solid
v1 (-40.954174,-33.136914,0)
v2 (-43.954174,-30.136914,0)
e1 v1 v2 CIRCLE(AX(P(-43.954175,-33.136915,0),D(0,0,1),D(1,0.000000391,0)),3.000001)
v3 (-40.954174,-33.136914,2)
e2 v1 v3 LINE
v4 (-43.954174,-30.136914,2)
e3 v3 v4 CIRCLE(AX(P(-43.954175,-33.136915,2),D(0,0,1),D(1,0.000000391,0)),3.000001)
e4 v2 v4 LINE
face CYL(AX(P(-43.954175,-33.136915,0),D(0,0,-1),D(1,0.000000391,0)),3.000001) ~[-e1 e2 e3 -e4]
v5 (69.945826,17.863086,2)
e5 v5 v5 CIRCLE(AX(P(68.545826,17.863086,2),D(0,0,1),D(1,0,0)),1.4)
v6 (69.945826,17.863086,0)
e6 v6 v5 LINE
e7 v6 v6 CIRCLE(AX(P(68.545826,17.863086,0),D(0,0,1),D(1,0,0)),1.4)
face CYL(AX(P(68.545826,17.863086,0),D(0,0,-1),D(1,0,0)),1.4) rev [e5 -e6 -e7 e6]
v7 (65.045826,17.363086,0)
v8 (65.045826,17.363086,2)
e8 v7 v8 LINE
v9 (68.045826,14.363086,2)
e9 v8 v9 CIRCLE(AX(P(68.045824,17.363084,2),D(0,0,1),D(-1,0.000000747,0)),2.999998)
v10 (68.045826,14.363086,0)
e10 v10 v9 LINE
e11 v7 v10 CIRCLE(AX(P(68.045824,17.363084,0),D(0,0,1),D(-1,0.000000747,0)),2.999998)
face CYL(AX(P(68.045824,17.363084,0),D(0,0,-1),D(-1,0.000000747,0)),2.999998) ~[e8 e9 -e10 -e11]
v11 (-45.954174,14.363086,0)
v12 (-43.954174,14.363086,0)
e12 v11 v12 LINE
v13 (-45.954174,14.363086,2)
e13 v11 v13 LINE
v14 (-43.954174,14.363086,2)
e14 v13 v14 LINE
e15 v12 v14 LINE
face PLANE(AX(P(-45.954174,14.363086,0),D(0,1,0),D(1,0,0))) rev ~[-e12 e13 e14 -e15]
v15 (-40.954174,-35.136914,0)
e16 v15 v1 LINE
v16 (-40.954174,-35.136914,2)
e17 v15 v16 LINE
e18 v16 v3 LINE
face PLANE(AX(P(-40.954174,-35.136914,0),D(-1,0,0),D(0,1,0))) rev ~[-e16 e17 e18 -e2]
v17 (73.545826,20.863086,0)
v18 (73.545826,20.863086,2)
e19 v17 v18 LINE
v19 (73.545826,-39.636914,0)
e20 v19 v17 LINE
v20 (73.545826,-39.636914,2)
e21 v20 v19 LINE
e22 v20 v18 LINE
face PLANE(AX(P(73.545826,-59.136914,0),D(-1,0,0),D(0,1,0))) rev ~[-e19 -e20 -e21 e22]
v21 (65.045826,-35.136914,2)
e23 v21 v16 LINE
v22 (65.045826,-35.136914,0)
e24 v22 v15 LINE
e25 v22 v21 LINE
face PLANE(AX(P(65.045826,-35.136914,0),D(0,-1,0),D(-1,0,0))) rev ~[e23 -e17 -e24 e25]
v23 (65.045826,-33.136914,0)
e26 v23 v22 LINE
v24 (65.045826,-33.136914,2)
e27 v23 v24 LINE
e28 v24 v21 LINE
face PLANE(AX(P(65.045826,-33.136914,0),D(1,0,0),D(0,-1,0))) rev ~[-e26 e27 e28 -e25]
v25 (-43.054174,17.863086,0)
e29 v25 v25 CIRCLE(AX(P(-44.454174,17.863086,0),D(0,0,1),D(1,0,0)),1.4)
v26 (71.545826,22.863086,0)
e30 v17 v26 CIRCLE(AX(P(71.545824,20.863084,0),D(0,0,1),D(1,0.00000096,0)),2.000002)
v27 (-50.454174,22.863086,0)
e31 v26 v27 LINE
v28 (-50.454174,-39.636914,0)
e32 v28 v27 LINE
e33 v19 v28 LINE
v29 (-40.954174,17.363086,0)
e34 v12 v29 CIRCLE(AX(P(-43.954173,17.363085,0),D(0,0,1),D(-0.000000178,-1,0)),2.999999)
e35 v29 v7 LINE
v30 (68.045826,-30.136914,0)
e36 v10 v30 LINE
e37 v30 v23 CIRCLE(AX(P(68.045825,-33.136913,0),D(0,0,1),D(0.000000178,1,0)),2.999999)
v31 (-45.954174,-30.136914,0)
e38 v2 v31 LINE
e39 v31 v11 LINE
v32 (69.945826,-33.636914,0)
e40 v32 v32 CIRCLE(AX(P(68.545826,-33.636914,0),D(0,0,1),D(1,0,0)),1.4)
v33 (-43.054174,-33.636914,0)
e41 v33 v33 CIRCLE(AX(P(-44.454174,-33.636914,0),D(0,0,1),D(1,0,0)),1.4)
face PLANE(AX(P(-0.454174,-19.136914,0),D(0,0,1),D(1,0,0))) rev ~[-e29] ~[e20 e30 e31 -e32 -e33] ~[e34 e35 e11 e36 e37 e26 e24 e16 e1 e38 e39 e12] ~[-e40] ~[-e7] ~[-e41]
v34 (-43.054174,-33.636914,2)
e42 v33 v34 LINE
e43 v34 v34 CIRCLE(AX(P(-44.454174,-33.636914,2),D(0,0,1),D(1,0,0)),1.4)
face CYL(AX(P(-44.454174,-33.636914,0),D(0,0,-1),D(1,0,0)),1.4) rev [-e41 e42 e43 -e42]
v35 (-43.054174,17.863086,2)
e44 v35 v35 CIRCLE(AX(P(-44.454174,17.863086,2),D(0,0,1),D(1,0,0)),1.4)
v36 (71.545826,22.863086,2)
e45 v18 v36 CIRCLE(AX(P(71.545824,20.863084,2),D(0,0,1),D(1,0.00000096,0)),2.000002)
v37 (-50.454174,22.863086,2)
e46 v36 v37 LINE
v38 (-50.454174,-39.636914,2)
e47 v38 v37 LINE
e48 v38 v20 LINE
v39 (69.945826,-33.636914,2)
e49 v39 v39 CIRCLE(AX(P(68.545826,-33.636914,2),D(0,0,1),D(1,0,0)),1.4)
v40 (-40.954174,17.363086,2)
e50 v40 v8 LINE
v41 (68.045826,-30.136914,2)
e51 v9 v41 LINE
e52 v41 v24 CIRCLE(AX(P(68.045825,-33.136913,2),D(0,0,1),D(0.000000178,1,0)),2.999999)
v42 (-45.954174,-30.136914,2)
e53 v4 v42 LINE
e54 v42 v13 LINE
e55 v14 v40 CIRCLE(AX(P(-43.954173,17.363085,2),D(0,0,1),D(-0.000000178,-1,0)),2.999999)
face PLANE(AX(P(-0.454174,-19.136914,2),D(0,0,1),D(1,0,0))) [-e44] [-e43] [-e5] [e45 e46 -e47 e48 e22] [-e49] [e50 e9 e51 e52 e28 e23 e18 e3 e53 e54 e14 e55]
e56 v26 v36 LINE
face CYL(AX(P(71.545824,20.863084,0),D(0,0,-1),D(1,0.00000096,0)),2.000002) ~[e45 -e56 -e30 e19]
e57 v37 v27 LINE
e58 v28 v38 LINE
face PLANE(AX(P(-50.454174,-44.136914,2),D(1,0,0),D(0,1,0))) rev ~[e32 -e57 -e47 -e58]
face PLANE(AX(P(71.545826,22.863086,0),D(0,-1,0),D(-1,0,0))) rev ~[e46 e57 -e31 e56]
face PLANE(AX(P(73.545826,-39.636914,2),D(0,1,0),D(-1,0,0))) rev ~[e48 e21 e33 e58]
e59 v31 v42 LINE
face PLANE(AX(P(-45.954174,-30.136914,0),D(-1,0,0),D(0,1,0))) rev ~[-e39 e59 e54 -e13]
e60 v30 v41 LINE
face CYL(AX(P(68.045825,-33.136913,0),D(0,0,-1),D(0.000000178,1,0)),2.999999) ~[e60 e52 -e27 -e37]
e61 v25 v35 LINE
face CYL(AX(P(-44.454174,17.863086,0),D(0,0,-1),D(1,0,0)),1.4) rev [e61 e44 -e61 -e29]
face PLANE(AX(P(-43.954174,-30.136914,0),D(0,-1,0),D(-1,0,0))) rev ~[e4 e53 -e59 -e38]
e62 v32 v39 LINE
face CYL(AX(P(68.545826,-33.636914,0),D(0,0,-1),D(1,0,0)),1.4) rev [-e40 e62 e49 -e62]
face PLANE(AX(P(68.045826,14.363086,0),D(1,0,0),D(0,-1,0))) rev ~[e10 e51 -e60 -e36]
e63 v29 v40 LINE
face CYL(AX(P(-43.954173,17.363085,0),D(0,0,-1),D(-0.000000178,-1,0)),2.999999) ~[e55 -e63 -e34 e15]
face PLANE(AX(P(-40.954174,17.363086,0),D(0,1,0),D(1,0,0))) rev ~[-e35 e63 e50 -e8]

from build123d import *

# Parameters (mm, degrees)
F0_R     = 1.4
F0_W     = 4.5
F0_H     = 4.5
F1_DEPTH = 2
F2_R     = 1.4
F2_W     = 4.5
F2_H     = 4.5
F3_DEPTH = 25


with BuildPart() as f1:
    # F0 (on Top) → F1 (new body)
    with BuildSketch(Plane.XY):
        with BuildLine():
            Line((71.545826, 22.863086), (-72.454174, 22.863086))
            ThreePointArc((-72.454174, 22.863086), (-73.868388, 22.277299), (-74.454174, 20.863086))
            Line((-74.454174, 20.863086), (-74.454174, -59.136914))
            ThreePointArc((-74.454174, -59.136914), (-73.868388, -60.551128), (-72.454174, -61.136914))
            Line((-72.454174, -61.136914), (71.545826, -61.136914))
            ThreePointArc((71.545826, -61.136914), (72.960039, -60.551128), (73.545826, -59.136914))
            Line((73.545826, -59.136914), (73.545826, 20.863086))
            ThreePointArc((73.545826, 20.863086), (72.960039, 22.277299), (71.545826, 22.863086))
        make_face()
        with Locations((-69.454174, -56.136914)):
            Circle(F0_R, mode=Mode.SUBTRACT)
        with Locations((-64.137191, -49.445186)):
            Rectangle(F0_W, F0_H, mode=Mode.SUBTRACT)
        with Locations((-56.137191, -49.445186)):
            Rectangle(F0_W, F0_H, mode=Mode.SUBTRACT)
        with Locations((-64.204174, -41.886914)):
            Rectangle(F0_W, F0_H, mode=Mode.SUBTRACT)
        with Locations((-56.204174, -41.886914)):
            Rectangle(F0_W, F0_H, mode=Mode.SUBTRACT)
        with Locations((-48.137191, -49.445186)):
            Rectangle(F0_W, F0_H, mode=Mode.SUBTRACT)
        with Locations((-40.137191, -49.445186)):
            Rectangle(F0_W, F0_H, mode=Mode.SUBTRACT)
        with Locations((-48.204174, -41.886914)):
            Rectangle(F0_W, F0_H, mode=Mode.SUBTRACT)
        with Locations((-40.204174, -41.886914)):
            Rectangle(F0_W, F0_H, mode=Mode.SUBTRACT)
        with Locations((-32.137191, -49.445186)):
            Rectangle(F0_W, F0_H, mode=Mode.SUBTRACT)
        with Locations((-24.137191, -49.445186)):
            Rectangle(F0_W, F0_H, mode=Mode.SUBTRACT)
        with Locations((-32.204174, -41.886914)):
            Rectangle(F0_W, F0_H, mode=Mode.SUBTRACT)
        with Locations((-24.204174, -41.886914)):
            Rectangle(F0_W, F0_H, mode=Mode.SUBTRACT)
        with Locations((-16.137191, -49.445186)):
            Rectangle(F0_W, F0_H, mode=Mode.SUBTRACT)
        with Locations((-8.137191, -49.445186)):
            Rectangle(F0_W, F0_H, mode=Mode.SUBTRACT)
        with Locations((-16.204174, -41.886914)):
            Rectangle(F0_W, F0_H, mode=Mode.SUBTRACT)
        with Locations((-8.204174, -41.886914)):
            Rectangle(F0_W, F0_H, mode=Mode.SUBTRACT)
        with Locations((-44.454174, -33.636914)):
            Circle(F0_R, mode=Mode.SUBTRACT)
        with Locations((-0.137191, -49.445186)):
            Rectangle(F0_W, F0_H, mode=Mode.SUBTRACT)
        with Locations((7.862809, -49.445186)):
            Rectangle(F0_W, F0_H, mode=Mode.SUBTRACT)
        with Locations((15.862809, -49.445186)):
            Rectangle(F0_W, F0_H, mode=Mode.SUBTRACT)
        with Locations((-0.204174, -41.886914)):
            Rectangle(F0_W, F0_H, mode=Mode.SUBTRACT)
        with Locations((7.795826, -41.886914)):
            Rectangle(F0_W, F0_H, mode=Mode.SUBTRACT)
        with Locations((15.795826, -41.886914)):
            Rectangle(F0_W, F0_H, mode=Mode.SUBTRACT)
        with Locations((23.862809, -49.445186)):
            Rectangle(F0_W, F0_H, mode=Mode.SUBTRACT)
        with Locations((31.862809, -49.445186)):
            Rectangle(F0_W, F0_H, mode=Mode.SUBTRACT)
        with Locations((23.795826, -41.886914)):
            Rectangle(F0_W, F0_H, mode=Mode.SUBTRACT)
        with Locations((31.795826, -41.886914)):
            Rectangle(F0_W, F0_H, mode=Mode.SUBTRACT)
        with Locations((44.545826, -56.136914)):
            Circle(F0_R, mode=Mode.SUBTRACT)
        with Locations((39.862809, -49.445186)):
            Rectangle(F0_W, F0_H, mode=Mode.SUBTRACT)
        with Locations((47.862809, -49.445186)):
            Rectangle(F0_W, F0_H, mode=Mode.SUBTRACT)
        with Locations((39.795826, -41.886914)):
            Rectangle(F0_W, F0_H, mode=Mode.SUBTRACT)
        with Locations((47.795826, -41.886914)):
            Rectangle(F0_W, F0_H, mode=Mode.SUBTRACT)
        with Locations((55.862809, -49.445186)):
            Rectangle(F0_W, F0_H, mode=Mode.SUBTRACT)
        with Locations((63.862809, -49.445186)):
            Rectangle(F0_W, F0_H, mode=Mode.SUBTRACT)
        with Locations((55.795826, -41.886914)):
            Rectangle(F0_W, F0_H, mode=Mode.SUBTRACT)
        with Locations((63.795826, -41.886914)):
            Rectangle(F0_W, F0_H, mode=Mode.SUBTRACT)
        with Locations((68.545826, -33.636914)):
            Circle(F0_R, mode=Mode.SUBTRACT)
        with Locations((-69.454174, 17.863086)):
            Circle(F0_R, mode=Mode.SUBTRACT)
        with Locations((-44.454174, 17.863086)):
            Circle(F0_R, mode=Mode.SUBTRACT)
        with BuildLine():
            Line((-45.954174, -30.136914), (-45.954174, 14.363086))
            Line((-45.954174, 14.363086), (-43.954174, 14.363086))
            ThreePointArc((-43.954174, 14.363086), (-41.832854, 15.241765), (-40.954174, 17.363086))
            Line((-40.954174, 17.363086), (65.045826, 17.363086))
            ThreePointArc((65.045826, 17.363086), (65.924505, 15.241765), (68.045826, 14.363086))
            Line((68.045826, 14.363086), (68.045826, -30.136914))
            ThreePointArc((68.045826, -30.136914), (65.924505, -31.015594), (65.045826, -33.136914))
            Line((65.045826, -33.136914), (65.045826, -35.136914))
            Line((65.045826, -35.136914), (-40.954174, -35.136914))
            Line((-40.954174, -35.136914), (-40.954174, -33.136914))
            ThreePointArc((-40.954174, -33.136914), (-41.832854, -31.015594), (-43.954174, -30.136914))
            Line((-43.954174, -30.136914), (-45.954174, -30.136914))
        make_face(mode=Mode.SUBTRACT)
        with Locations((68.545826, 17.863086)):
            Circle(F0_R, mode=Mode.SUBTRACT)
    extrude(amount=F1_DEPTH)

    # F2 (on face) → F3 (cut)
    with BuildSketch(Plane.XY.offset(2)):
        with BuildLine():
            Line((-50.454174, -39.636914), (-50.454174, 22.863086))
            Line((-50.454174, 22.863086), (-72.454174, 22.863086))
            ThreePointArc((-72.454174, 22.863086), (-73.868388, 22.277299), (-74.454174, 20.863086))
            Line((-74.454174, 20.863086), (-74.454174, -59.136914))
            ThreePointArc((-74.454174, -59.136914), (-73.868388, -60.551128), (-72.454174, -61.136914))
            Line((-72.454174, -61.136914), (71.545826, -61.136914))
            ThreePointArc((71.545826, -61.136914), (72.960039, -60.551128), (73.545826, -59.136914))
            Line((73.545826, -59.136914), (73.545826, -39.636914))
            Line((73.545826, -39.636914), (66.045826, -39.636914))
            Line((66.045826, -39.636914), (66.045826, -44.136914))
            Line((66.045826, -44.136914), (61.545826, -44.136914))
            Line((61.545826, -44.136914), (61.545826, -39.636914))
            Line((61.545826, -39.636914), (58.045826, -39.636914))
            Line((58.045826, -39.636914), (58.045826, -44.136914))
            Line((58.045826, -44.136914), (53.545826, -44.136914))
            Line((53.545826, -44.136914), (53.545826, -39.636914))
            Line((53.545826, -39.636914), (50.045826, -39.636914))
            Line((50.045826, -39.636914), (50.045826, -44.136914))
            Line((50.045826, -44.136914), (45.545826, -44.136914))
            Line((45.545826, -44.136914), (45.545826, -39.636914))
            Line((45.545826, -39.636914), (42.045826, -39.636914))
            Line((42.045826, -39.636914), (42.045826, -44.136914))
            Line((42.045826, -44.136914), (37.545826, -44.136914))
            Line((37.545826, -44.136914), (37.545826, -39.636914))
            Line((37.545826, -39.636914), (34.045826, -39.636914))
            Line((34.045826, -39.636914), (34.045826, -44.136914))
            Line((34.045826, -44.136914), (29.545826, -44.136914))
            Line((29.545826, -44.136914), (29.545826, -39.636914))
            Line((29.545826, -39.636914), (26.045826, -39.636914))
            Line((26.045826, -39.636914), (26.045826, -44.136914))
            Line((26.045826, -44.136914), (21.545826, -44.136914))
            Line((21.545826, -44.136914), (21.545826, -39.636914))
            Line((21.545826, -39.636914), (18.045826, -39.636914))
            Line((18.045826, -39.636914), (18.045826, -44.136914))
            Line((18.045826, -44.136914), (13.545826, -44.136914))
            Line((13.545826, -44.136914), (13.545826, -39.636914))
            Line((13.545826, -39.636914), (10.045826, -39.636914))
            Line((10.045826, -39.636914), (10.045826, -44.136914))
            Line((10.045826, -44.136914), (5.545826, -44.136914))
            Line((5.545826, -44.136914), (5.545826, -39.636914))
            Line((5.545826, -39.636914), (2.045826, -39.636914))
            Line((2.045826, -39.636914), (2.045826, -44.136914))
            Line((2.045826, -44.136914), (-2.454174, -44.136914))
            Line((-2.454174, -44.136914), (-2.454174, -39.636914))
            Line((-2.454174, -39.636914), (-5.954174, -39.636914))
            Line((-5.954174, -39.636914), (-5.954174, -44.136914))
            Line((-5.954174, -44.136914), (-10.454174, -44.136914))
            Line((-10.454174, -44.136914), (-10.454174, -39.636914))
            Line((-10.454174, -39.636914), (-13.954174, -39.636914))
            Line((-13.954174, -39.636914), (-13.954174, -44.136914))
            Line((-13.954174, -44.136914), (-18.454174, -44.136914))
            Line((-18.454174, -44.136914), (-18.454174, -39.636914))
            Line((-18.454174, -39.636914), (-21.954174, -39.636914))
            Line((-21.954174, -39.636914), (-21.954174, -44.136914))
            Line((-21.954174, -44.136914), (-26.454174, -44.136914))
            Line((-26.454174, -44.136914), (-26.454174, -39.636914))
            Line((-26.454174, -39.636914), (-29.954174, -39.636914))
            Line((-29.954174, -39.636914), (-29.954174, -44.136914))
            Line((-29.954174, -44.136914), (-34.454174, -44.136914))
            Line((-34.454174, -44.136914), (-34.454174, -39.636914))
            Line((-34.454174, -39.636914), (-37.954174, -39.636914))
            Line((-37.954174, -39.636914), (-37.954174, -44.136914))
            Line((-37.954174, -44.136914), (-42.454174, -44.136914))
            Line((-42.454174, -44.136914), (-42.454174, -39.636914))
            Line((-42.454174, -39.636914), (-45.954174, -39.636914))
            Line((-45.954174, -39.636914), (-45.954174, -44.136914))
            Line((-45.954174, -44.136914), (-50.454174, -44.136914))
            Line((-50.454174, -44.136914), (-50.454174, -39.636914))
        make_face()
        with Locations((-69.454174, -56.136914)):
            Circle(F2_R, mode=Mode.SUBTRACT)
        with Locations((-64.137191, -49.445186)):
            Rectangle(F2_W, F2_H, mode=Mode.SUBTRACT)
        with Locations((-56.137191, -49.445186)):
            Rectangle(F2_W, F2_H, mode=Mode.SUBTRACT)
        with Locations((-64.204174, -41.886914)):
            Rectangle(F2_W, F2_H, mode=Mode.SUBTRACT)
        with Locations((-56.204174, -41.886914)):
            Rectangle(F2_W, F2_H, mode=Mode.SUBTRACT)
        with Locations((-48.137191, -49.445186)):
            Rectangle(F2_W, F2_H, mode=Mode.SUBTRACT)
        with Locations((-40.137191, -49.445186)):
            Rectangle(F2_W, F2_H, mode=Mode.SUBTRACT)
        with Locations((-32.137191, -49.445186)):
            Rectangle(F2_W, F2_H, mode=Mode.SUBTRACT)
        with Locations((-24.137191, -49.445186)):
            Rectangle(F2_W, F2_H, mode=Mode.SUBTRACT)
        with Locations((-16.137191, -49.445186)):
            Rectangle(F2_W, F2_H, mode=Mode.SUBTRACT)
        with Locations((-8.137191, -49.445186)):
            Rectangle(F2_W, F2_H, mode=Mode.SUBTRACT)
        with Locations((-0.137191, -49.445186)):
            Rectangle(F2_W, F2_H, mode=Mode.SUBTRACT)
        with Locations((7.862809, -49.445186)):
            Rectangle(F2_W, F2_H, mode=Mode.SUBTRACT)
        with Locations((15.862809, -49.445186)):
            Rectangle(F2_W, F2_H, mode=Mode.SUBTRACT)
        with Locations((23.862809, -49.445186)):
            Rectangle(F2_W, F2_H, mode=Mode.SUBTRACT)
        with Locations((31.862809, -49.445186)):
            Rectangle(F2_W, F2_H, mode=Mode.SUBTRACT)
        with Locations((39.862809, -49.445186)):
            Rectangle(F2_W, F2_H, mode=Mode.SUBTRACT)
        with Locations((44.545826, -56.136914)):
            Circle(F2_R, mode=Mode.SUBTRACT)
        with Locations((47.862809, -49.445186)):
            Rectangle(F2_W, F2_H, mode=Mode.SUBTRACT)
        with Locations((55.862809, -49.445186)):
            Rectangle(F2_W, F2_H, mode=Mode.SUBTRACT)
        with Locations((63.862809, -49.445186)):
            Rectangle(F2_W, F2_H, mode=Mode.SUBTRACT)
        with Locations((-69.454174, 17.863086)):
            Circle(F2_R, mode=Mode.SUBTRACT)
    extrude(amount=-F3_DEPTH, mode=Mode.SUBTRACT)


solid = f1.part
